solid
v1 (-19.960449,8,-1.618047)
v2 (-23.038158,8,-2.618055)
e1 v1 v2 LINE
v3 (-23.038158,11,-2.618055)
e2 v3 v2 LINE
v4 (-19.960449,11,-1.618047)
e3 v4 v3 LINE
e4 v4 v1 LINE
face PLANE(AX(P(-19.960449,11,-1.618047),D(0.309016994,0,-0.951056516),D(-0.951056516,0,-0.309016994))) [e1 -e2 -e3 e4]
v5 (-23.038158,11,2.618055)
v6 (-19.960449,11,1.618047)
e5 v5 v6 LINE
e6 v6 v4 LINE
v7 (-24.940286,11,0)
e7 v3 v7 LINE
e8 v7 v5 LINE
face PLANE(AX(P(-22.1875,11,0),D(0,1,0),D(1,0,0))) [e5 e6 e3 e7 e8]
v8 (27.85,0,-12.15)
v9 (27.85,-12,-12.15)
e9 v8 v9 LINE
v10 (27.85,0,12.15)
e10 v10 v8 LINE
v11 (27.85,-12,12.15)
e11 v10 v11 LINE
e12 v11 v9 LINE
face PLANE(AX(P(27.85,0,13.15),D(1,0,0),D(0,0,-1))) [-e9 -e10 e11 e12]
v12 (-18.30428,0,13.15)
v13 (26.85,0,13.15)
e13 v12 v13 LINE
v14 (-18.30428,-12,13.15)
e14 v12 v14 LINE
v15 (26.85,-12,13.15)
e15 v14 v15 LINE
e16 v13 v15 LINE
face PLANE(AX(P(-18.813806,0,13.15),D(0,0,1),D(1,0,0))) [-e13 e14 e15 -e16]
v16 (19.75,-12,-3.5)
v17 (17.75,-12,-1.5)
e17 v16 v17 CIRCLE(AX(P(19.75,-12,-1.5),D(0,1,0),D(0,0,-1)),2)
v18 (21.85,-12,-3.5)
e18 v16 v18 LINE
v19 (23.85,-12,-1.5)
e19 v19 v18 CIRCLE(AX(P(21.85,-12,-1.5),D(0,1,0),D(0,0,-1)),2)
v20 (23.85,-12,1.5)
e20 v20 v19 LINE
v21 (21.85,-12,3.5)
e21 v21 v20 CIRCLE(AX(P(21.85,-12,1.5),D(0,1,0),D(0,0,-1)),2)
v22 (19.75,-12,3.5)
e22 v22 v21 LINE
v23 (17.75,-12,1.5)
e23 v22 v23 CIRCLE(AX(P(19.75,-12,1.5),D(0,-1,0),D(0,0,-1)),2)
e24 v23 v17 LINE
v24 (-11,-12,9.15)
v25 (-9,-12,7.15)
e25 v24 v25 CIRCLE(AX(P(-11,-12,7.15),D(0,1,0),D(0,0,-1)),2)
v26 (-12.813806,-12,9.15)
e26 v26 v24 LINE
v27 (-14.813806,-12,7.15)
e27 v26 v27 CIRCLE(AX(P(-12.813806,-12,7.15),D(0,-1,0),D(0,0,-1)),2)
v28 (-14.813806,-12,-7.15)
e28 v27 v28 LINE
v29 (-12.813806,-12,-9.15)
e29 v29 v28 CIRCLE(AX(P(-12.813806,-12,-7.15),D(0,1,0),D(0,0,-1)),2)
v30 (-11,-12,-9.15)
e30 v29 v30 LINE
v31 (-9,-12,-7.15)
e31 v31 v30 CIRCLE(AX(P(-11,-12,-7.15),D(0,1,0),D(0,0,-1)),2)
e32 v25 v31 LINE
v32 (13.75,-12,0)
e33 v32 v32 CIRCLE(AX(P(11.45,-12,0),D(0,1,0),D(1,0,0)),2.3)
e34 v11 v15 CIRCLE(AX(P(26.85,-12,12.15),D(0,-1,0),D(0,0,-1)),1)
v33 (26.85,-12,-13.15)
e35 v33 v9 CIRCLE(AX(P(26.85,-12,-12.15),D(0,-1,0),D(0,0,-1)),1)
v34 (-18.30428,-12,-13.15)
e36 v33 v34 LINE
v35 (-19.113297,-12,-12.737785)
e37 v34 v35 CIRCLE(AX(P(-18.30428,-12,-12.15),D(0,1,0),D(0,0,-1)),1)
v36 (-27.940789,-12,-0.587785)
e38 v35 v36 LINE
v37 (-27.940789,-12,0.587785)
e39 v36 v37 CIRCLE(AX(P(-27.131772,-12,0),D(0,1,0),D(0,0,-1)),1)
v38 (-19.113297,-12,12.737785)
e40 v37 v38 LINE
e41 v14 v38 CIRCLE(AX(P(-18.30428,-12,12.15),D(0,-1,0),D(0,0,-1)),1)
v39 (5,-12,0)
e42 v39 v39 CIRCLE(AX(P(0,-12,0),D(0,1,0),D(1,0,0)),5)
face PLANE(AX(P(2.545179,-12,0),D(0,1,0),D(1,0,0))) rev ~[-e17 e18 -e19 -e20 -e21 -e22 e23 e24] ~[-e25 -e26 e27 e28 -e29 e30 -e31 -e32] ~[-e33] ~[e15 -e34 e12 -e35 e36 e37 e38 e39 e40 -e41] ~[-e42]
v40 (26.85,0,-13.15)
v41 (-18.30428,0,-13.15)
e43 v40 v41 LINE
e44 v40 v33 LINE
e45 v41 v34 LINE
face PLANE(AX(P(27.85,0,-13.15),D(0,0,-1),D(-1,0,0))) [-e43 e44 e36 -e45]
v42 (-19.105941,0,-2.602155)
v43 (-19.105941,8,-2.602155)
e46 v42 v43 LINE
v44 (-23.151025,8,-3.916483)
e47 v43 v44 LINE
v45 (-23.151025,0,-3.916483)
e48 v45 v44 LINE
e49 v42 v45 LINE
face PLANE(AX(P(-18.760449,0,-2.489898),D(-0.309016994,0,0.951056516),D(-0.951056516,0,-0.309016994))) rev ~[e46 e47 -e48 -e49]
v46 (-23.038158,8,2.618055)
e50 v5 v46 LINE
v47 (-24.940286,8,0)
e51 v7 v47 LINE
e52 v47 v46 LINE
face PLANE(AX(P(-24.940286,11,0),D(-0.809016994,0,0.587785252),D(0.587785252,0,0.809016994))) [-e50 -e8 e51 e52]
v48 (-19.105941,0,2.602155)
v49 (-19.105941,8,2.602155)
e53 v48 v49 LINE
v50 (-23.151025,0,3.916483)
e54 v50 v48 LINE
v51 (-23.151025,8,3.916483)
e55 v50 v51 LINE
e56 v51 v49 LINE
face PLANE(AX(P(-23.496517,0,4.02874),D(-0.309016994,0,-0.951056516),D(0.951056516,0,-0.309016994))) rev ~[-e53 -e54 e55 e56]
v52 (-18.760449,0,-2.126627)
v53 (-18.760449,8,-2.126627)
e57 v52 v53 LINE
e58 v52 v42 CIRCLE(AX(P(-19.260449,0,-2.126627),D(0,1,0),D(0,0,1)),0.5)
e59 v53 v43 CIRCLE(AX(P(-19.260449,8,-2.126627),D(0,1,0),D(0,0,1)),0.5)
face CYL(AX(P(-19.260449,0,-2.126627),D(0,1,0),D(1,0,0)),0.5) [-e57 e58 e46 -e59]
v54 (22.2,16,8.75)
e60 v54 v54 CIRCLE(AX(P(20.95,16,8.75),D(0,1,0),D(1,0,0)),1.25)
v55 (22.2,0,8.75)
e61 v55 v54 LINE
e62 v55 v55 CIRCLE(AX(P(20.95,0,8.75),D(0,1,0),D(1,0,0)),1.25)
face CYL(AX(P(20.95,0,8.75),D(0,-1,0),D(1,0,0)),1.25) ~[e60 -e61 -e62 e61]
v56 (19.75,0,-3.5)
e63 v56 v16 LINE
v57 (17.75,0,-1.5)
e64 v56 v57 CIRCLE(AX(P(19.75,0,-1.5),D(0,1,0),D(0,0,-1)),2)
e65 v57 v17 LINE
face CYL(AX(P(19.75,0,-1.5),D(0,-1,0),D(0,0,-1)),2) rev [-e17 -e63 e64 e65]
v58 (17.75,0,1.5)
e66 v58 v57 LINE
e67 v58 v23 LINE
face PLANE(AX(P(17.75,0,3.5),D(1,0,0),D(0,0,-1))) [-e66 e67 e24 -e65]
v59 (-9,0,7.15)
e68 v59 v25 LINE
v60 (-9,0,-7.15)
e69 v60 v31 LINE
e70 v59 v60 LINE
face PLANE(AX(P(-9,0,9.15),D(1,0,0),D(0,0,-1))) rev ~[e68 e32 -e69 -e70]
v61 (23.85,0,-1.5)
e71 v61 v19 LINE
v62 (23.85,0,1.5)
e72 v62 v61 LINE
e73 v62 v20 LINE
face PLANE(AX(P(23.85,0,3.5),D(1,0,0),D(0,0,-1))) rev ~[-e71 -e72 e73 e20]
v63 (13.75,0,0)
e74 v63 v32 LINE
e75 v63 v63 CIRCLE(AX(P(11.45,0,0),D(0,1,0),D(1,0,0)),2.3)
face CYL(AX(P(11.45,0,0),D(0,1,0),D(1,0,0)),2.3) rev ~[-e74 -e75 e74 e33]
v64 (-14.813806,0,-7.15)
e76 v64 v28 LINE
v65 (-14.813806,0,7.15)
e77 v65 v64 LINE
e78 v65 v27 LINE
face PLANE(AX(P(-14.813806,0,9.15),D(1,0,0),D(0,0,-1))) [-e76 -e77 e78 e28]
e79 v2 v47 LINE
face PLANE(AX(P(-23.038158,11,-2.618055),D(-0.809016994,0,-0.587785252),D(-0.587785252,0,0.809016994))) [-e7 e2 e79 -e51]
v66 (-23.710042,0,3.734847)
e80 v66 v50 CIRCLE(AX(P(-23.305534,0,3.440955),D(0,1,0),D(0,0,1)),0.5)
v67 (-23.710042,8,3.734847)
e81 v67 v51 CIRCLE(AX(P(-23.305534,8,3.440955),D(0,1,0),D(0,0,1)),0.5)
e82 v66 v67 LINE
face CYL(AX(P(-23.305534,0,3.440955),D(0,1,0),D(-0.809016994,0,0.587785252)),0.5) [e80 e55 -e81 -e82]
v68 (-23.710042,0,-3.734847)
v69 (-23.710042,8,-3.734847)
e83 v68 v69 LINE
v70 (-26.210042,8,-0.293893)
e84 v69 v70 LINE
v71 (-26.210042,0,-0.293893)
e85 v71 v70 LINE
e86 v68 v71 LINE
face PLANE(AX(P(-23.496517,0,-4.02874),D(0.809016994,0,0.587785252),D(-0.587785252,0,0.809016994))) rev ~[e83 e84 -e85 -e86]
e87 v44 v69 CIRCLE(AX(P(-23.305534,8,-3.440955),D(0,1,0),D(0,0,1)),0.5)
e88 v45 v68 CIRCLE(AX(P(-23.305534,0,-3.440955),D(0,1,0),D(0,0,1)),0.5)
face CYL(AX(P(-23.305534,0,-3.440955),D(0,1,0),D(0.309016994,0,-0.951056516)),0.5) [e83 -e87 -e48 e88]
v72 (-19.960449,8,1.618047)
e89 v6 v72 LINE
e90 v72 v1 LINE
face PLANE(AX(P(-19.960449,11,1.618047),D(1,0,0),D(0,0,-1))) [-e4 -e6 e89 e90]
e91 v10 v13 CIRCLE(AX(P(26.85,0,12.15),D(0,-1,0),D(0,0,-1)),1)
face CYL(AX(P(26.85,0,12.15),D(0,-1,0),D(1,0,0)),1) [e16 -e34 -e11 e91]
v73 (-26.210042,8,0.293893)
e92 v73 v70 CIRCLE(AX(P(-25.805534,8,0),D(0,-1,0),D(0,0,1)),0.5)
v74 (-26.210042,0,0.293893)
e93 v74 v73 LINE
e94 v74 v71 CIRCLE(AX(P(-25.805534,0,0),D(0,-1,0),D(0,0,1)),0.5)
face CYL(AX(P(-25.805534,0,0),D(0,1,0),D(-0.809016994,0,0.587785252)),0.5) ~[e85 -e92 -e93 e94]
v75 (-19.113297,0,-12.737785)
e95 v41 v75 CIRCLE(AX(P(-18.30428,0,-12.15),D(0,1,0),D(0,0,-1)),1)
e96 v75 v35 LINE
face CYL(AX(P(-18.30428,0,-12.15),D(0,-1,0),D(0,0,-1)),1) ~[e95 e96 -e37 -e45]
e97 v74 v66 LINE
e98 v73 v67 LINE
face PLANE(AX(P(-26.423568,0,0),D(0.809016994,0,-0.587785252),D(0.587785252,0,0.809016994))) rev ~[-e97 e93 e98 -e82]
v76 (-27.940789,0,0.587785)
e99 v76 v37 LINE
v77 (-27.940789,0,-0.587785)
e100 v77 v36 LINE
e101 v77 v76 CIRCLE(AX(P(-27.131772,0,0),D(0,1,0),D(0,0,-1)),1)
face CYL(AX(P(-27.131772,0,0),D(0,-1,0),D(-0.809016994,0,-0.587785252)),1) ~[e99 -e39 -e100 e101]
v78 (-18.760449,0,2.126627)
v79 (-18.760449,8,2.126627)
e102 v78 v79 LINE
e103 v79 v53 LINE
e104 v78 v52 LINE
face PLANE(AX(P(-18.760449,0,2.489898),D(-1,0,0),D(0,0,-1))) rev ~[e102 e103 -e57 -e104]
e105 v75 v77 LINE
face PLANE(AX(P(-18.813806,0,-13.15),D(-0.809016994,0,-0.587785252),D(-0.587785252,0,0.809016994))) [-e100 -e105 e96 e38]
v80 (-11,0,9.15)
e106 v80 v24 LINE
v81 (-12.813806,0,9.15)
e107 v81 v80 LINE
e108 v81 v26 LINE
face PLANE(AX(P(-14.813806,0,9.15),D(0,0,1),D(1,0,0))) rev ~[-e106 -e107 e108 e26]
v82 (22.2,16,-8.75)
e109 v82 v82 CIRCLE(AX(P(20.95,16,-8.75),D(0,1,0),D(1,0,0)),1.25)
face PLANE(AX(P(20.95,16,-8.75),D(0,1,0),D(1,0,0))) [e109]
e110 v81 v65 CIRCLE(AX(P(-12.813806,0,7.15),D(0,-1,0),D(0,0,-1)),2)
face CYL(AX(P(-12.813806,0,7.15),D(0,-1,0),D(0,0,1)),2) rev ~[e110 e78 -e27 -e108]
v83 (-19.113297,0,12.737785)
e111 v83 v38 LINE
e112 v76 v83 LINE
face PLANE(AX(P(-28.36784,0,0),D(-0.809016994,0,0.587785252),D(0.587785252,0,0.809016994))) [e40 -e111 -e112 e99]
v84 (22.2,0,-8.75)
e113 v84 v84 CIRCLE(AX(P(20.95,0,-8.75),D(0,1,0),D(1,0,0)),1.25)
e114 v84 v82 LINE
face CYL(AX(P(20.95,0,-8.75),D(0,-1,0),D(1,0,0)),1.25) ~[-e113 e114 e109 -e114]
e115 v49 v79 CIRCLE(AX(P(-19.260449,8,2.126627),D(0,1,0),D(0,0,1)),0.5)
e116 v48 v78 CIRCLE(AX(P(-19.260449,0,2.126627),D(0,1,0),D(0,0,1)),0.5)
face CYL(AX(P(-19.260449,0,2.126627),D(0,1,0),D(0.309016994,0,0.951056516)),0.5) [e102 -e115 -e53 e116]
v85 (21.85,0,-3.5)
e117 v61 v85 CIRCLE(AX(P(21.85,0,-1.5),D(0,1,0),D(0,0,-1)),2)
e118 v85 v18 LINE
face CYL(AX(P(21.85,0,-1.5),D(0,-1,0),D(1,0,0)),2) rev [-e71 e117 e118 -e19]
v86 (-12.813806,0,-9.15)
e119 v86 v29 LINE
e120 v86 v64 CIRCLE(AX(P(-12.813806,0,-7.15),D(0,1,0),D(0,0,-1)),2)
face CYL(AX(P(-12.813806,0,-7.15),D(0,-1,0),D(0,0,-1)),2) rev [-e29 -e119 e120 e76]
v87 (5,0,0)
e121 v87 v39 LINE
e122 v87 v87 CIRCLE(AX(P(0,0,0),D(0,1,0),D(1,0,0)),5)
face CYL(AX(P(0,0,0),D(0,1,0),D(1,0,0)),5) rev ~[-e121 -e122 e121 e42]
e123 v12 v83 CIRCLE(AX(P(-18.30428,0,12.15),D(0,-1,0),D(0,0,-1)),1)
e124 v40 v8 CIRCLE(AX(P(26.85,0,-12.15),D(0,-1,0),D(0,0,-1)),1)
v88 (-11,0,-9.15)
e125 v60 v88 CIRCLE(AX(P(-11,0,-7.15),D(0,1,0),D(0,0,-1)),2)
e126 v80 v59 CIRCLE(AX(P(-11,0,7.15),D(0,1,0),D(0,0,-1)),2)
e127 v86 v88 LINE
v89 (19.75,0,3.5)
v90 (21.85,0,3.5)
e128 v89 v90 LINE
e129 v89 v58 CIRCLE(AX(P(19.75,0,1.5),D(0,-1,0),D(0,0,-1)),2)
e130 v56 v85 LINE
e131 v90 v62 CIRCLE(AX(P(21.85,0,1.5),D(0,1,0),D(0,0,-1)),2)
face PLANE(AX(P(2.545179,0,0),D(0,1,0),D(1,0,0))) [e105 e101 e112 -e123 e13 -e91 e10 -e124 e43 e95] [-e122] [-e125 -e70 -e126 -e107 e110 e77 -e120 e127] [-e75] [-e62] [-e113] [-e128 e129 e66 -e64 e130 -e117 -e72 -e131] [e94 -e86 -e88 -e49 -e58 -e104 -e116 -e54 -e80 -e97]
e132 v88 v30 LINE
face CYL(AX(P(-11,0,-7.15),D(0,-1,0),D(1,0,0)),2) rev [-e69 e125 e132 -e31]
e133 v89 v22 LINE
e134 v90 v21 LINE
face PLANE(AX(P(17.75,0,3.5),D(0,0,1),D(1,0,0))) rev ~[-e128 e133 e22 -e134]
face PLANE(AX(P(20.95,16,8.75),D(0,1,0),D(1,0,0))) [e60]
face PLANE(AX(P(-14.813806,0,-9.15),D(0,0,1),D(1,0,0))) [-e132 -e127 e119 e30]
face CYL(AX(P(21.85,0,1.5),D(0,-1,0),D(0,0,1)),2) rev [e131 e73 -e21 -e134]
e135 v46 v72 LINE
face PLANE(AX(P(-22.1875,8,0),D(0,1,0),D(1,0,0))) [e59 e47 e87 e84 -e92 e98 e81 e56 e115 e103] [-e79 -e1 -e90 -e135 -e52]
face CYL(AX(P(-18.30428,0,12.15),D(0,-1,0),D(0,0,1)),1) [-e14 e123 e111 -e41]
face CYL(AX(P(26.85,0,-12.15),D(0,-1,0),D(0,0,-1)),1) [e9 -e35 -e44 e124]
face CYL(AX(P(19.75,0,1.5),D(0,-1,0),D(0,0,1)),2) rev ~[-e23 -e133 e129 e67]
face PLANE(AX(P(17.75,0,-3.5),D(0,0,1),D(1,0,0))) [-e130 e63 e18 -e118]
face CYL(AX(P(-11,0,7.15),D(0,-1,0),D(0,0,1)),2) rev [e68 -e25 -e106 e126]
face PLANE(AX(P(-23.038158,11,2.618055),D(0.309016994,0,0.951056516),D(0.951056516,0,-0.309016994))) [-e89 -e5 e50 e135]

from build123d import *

# Parameters (mm, degrees)
BOSS_EXTRUDE2_DEPTH = 12
SKETCH3_R           = 5
SKETCH3_R_2         = 2.3
CUT_EXTRUDE1_DEPTH  = 13
SKETCH5_R           = 1.25
BOSS_EXTRUDE3_DEPTH = 16
BOSS_EXTRUDE4_DEPTH = 11
CUT_EXTRUDE2_DEPTH  = 3
FILLET1_R           = 0.5
FILLET2_R           = 1
SKETCH9_W           = 5.813805644
SKETCH9_H           = 18.3
SKETCH9_W_2         = 6.1
SKETCH9_H_2         = 7
CUT_EXTRUDE3_DEPTH  = 13
FILLET3_R           = 2


with BuildPart() as part:
    # Sketch1 → Boss-Extrude2 (new body)
    with BuildSketch(Plane(origin=(0, 0, 0), x_dir=(1, 0, 0), z_dir=(0, 1, 0))):
        Polygon((27.85, 13.15), (-18.275666287, 13.15), (-18.813805644, 13.15), (-28.367839887, 0), (-18.813805644, -13.15), (-18.275666287, -13.15), (27.85, -13.15), align=None)
    extrude(amount=-BOSS_EXTRUDE2_DEPTH)

    # Sketch3 → Cut-Extrude1 (cut, through all)
    with BuildSketch(Plane(origin=(0, 0, 0), x_dir=(1, 0, 0), z_dir=(0, 1, 0))):
        Circle(SKETCH3_R)
        with Locations((11.45, 0)):
            Circle(SKETCH3_R_2)
    extrude(amount=-CUT_EXTRUDE1_DEPTH, mode=Mode.SUBTRACT)

    # Sketch5 → Boss-Extrude3 (add)
    with BuildSketch(Plane(origin=(0, 0, 0), x_dir=(1, 0, 0), z_dir=(0, 1, 0))):
        with Locations((20.95, -8.75)):
            Circle(SKETCH5_R)
        with Locations((20.95, 8.75)):
            Circle(SKETCH5_R)
    extrude(amount=BOSS_EXTRUDE3_DEPTH)

    # Sketch6 → Boss-Extrude4 (add)
    with BuildSketch(Plane(origin=(0, 0, 0), x_dir=(1, 0, 0), z_dir=(0, 1, 0))):
        Polygon((-26.423567977, 0), (-23.496516994, -4.028740053), (-18.760449017, -2.489898285), (-18.760449017, 2.489898285), (-23.496516994, 4.028740053), align=None)
    extrude(amount=BOSS_EXTRUDE4_DEPTH)

    # Sketch7 → Cut-Extrude2 (cut)
    with BuildSketch(Plane(origin=(0, 11, 0), x_dir=(1, 0, 0), z_dir=(0, 1, 0))):
        Polygon((-26.423567977, 0), (-23.496516994, -4.028740053), (-18.760449017, -2.489898285), (-18.760449017, 2.489898285), (-23.496516994, 4.028740053), align=None)
        Polygon((-24.940286405, 0), (-23.038157781, -2.618055448), (-19.960449017, -1.618047251), (-19.960449017, 1.618047251), (-23.038157781, 2.618055448), align=None, mode=Mode.SUBTRACT)
    extrude(amount=-CUT_EXTRUDE2_DEPTH, mode=Mode.SUBTRACT)

    # Fillet1
    fillet1_edges = [part.edges().sort_by_distance(p)[0] for p in [
        (-23.496516994, 4, -4.028740053),
        (-18.760449017, 4, -2.489898285),
        (-18.760449017, 4, 2.489898285),
        (-23.496516994, 4, 4.028740053),
        (-26.423567977, 4, 0),
    ]]
    fillet(fillet1_edges, radius=FILLET1_R)

    # Fillet2
    fillet2_edges = [part.edges().sort_by_distance(p)[0] for p in [
        (-18.813805644, -6, -13.15),
        (27.85, -6, -13.15),
        (27.85, -6, 13.15),
        (-18.813805644, -6, 13.15),
        (-28.367839887, -6, 0),
    ]]
    fillet(fillet2_edges, radius=FILLET2_R)

    # Sketch9 → Cut-Extrude3 (cut, through all)
    with BuildSketch(Plane(origin=(0, 0, 0), x_dir=(1, 0, 0), z_dir=(0, 1, 0))):
        with Locations((-11.906902822, 0)):
            Rectangle(SKETCH9_W, SKETCH9_H)
        with Locations((20.8, 0)):
            Rectangle(SKETCH9_W_2, SKETCH9_H_2)
    extrude(amount=-CUT_EXTRUDE3_DEPTH, mode=Mode.SUBTRACT)

    # Fillet3
    fillet3_edges = [part.edges().sort_by_distance(p)[0] for p in [
        (-9, -6, -9.15),
        (-9, -6, 9.15),
        (-14.813805644, -6, 9.15),
        (-14.813805644, -6, -9.15),
        (17.75, -6, 3.5),
        (17.75, -6, -3.5),
        (23.85, -6, -3.5),
        (23.85, -6, 3.5),
    ]]
    fillet(fillet3_edges, radius=FILLET3_R)


solid = part.part
